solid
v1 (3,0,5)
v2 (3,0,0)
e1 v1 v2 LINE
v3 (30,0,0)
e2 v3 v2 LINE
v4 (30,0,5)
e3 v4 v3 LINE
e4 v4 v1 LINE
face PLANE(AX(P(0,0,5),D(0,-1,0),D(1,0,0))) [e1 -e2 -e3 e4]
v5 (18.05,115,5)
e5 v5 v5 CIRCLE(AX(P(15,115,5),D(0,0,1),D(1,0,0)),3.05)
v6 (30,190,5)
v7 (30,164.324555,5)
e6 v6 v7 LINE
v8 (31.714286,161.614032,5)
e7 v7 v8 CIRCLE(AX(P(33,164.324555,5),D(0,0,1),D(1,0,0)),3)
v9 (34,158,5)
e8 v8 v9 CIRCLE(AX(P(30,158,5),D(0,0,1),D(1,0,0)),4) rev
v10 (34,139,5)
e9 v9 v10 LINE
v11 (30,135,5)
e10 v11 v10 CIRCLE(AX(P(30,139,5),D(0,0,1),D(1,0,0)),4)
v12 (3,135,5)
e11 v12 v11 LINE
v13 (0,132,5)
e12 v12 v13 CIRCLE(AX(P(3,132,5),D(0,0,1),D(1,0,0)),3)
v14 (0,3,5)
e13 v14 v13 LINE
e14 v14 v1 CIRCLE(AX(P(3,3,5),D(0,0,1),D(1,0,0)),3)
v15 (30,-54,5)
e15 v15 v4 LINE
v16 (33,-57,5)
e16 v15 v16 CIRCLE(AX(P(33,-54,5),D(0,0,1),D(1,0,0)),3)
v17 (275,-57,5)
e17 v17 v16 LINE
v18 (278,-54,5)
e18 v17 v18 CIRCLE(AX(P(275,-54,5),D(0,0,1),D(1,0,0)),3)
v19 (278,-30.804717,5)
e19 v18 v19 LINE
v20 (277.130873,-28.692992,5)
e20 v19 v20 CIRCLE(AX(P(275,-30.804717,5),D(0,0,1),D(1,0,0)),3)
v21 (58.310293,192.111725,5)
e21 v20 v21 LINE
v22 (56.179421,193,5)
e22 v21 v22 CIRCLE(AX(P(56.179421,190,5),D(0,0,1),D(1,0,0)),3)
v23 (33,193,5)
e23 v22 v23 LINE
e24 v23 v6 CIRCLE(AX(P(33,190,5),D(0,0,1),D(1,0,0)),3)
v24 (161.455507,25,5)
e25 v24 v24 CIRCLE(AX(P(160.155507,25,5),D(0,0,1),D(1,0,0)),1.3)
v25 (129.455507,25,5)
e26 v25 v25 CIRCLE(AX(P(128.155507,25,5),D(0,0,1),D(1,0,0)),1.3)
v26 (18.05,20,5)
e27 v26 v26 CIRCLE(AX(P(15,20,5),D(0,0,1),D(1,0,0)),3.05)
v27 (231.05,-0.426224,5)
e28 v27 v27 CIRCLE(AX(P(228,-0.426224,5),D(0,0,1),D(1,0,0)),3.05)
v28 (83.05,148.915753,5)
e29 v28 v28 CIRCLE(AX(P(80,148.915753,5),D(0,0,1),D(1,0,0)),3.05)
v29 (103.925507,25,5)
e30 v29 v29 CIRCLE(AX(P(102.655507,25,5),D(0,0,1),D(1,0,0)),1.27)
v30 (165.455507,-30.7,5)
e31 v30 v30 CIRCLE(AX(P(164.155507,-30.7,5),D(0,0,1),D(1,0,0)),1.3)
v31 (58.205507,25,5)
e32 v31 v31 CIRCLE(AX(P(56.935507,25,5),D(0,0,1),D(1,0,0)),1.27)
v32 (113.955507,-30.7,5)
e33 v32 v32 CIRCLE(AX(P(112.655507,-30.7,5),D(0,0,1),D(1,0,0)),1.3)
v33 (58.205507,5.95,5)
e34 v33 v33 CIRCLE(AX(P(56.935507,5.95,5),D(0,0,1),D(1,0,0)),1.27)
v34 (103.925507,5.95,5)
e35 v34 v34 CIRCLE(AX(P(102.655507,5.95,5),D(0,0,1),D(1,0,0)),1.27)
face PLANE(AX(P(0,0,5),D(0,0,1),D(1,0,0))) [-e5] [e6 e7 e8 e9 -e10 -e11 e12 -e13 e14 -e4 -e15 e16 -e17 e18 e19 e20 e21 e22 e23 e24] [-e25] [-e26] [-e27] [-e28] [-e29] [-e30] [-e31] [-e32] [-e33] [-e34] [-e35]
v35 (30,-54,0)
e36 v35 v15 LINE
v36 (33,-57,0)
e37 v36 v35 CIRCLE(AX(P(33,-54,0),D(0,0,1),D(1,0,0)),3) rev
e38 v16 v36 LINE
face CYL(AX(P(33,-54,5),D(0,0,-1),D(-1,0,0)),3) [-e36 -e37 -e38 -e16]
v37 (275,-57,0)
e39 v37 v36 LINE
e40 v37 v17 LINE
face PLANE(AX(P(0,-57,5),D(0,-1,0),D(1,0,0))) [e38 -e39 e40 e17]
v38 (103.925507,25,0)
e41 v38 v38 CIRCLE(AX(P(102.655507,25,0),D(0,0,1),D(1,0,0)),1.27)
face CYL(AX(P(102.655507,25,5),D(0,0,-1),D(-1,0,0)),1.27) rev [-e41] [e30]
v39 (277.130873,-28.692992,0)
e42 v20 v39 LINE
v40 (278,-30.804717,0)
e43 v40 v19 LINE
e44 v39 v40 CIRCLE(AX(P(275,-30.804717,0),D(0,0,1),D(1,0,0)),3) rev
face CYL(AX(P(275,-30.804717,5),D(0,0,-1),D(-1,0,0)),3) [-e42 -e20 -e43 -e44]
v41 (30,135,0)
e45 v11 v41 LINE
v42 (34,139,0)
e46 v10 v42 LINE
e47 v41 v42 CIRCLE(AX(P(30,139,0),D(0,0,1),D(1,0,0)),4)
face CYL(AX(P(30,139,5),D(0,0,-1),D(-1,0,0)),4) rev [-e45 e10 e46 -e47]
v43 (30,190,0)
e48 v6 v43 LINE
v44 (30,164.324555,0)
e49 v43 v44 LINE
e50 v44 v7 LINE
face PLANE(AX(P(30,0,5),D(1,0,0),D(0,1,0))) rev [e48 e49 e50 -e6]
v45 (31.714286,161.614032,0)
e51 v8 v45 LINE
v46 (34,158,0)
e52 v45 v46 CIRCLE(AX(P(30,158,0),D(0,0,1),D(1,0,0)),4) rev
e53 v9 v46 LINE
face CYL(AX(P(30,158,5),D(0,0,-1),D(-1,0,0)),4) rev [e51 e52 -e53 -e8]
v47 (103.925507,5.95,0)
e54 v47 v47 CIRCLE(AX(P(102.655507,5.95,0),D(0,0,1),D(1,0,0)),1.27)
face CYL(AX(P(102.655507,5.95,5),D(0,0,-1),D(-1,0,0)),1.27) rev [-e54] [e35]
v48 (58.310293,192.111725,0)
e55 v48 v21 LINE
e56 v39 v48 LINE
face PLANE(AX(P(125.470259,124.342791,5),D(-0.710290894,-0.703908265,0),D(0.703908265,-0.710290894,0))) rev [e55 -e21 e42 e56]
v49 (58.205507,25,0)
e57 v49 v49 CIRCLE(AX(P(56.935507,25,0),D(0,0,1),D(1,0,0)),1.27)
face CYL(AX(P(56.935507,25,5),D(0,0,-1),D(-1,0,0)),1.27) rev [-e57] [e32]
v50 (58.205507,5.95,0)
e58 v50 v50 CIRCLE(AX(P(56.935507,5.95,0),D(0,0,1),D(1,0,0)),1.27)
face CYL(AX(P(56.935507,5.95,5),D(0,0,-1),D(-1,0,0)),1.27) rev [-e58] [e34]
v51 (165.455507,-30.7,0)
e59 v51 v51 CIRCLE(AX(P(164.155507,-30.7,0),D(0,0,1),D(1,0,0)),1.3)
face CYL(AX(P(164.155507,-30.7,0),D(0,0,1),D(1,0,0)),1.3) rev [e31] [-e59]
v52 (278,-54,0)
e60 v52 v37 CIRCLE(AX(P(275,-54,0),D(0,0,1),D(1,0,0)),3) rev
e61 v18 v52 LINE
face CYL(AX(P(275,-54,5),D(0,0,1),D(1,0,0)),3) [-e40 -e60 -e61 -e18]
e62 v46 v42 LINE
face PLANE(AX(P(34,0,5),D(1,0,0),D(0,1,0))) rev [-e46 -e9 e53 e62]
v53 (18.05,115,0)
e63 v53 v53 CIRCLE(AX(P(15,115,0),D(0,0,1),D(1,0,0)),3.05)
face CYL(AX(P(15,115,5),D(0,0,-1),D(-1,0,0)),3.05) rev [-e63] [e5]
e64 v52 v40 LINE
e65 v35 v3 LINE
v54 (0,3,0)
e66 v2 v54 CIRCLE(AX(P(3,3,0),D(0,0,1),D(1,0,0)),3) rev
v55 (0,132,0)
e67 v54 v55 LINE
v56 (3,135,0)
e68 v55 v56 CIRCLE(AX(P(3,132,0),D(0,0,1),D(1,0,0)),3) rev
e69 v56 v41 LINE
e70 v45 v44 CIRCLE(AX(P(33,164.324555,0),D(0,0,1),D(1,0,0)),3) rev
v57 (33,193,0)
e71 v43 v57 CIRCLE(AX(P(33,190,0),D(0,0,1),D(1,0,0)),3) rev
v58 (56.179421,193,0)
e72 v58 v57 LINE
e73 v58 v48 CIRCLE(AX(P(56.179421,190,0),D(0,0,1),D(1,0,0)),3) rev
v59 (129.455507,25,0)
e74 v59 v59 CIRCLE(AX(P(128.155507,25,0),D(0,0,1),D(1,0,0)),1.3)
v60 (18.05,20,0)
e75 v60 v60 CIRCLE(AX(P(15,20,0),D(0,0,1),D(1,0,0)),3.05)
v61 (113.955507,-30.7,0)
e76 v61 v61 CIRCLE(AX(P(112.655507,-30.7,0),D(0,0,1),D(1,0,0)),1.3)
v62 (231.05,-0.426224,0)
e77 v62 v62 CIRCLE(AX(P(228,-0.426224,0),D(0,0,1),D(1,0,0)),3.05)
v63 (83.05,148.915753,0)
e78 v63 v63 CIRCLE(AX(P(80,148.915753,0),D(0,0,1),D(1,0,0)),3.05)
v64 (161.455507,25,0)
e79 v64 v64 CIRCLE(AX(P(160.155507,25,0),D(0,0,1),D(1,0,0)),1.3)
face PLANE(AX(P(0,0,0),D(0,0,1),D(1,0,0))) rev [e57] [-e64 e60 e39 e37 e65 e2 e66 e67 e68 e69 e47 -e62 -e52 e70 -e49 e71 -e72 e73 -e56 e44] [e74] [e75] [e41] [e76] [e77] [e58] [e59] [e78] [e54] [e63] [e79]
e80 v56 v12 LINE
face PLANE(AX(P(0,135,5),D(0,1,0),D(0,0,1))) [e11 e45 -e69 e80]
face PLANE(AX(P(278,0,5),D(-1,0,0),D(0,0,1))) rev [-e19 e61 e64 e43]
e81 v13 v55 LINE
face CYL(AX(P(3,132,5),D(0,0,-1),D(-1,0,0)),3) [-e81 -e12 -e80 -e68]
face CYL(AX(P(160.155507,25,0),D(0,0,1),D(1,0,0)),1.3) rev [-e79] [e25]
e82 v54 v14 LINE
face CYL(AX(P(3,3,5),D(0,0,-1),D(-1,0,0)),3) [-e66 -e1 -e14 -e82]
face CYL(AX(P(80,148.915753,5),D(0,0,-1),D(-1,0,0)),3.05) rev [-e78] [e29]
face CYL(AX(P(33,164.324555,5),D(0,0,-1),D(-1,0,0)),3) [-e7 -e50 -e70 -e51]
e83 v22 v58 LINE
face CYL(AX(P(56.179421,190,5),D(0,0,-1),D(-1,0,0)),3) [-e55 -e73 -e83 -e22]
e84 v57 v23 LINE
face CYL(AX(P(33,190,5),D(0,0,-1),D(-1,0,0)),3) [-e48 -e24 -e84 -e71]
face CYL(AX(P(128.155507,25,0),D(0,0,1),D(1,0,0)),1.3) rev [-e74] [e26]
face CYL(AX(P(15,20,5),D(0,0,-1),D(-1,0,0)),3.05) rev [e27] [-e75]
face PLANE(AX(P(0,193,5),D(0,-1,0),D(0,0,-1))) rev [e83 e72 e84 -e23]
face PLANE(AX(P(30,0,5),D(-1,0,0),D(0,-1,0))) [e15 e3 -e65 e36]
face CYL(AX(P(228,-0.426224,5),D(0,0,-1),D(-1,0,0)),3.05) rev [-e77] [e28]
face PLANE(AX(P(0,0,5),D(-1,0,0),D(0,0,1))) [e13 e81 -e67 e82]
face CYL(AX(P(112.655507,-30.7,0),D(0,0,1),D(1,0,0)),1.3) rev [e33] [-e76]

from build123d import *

# Parameters (mm, degrees)
SKETCH1_R           = 3.05
SKETCH1_R_2         = 1.27
BOSS_EXTRUDE1_DEPTH = 5
FILLET1_R           = 3
SKETCH2_R           = 1.3
CUT_EXTRUDE1_DEPTH  = 339.464178311


with BuildPart() as part:
    # Sketch1 → Boss-Extrude1 (new body)
    with BuildSketch(Plane.XY):
        with BuildLine():
            Line((0, 0), (0, 135))
            Line((0, 135), (30, 135))
            ThreePointArc((30, 135), (32.828427125, 136.171572875), (34, 139))
            Line((34, 139), (34, 158))
            ThreePointArc((34, 158), (32.828427125, 160.828427125), (30, 162))
            Line((30, 162), (30, 193))
            Line((30, 193), (57.43, 193))
            Line((57.43, 193), (278, -29.57))
            Line((278, -29.57), (278, -57))
            Line((278, -57), (30, -57))
            Line((30, -57), (30, 0))
            Line((30, 0), (0, 0))
        make_face()
        with Locations((15, 115)):
            Circle(SKETCH1_R, mode=Mode.SUBTRACT)
        with Locations((15, 20)):
            Circle(SKETCH1_R, mode=Mode.SUBTRACT)
        with Locations((80, 148.915753479)):
            Circle(SKETCH1_R, mode=Mode.SUBTRACT)
        with Locations((228, -0.426224125)):
            Circle(SKETCH1_R, mode=Mode.SUBTRACT)
        with Locations((56.935507079, 25)):
            Circle(SKETCH1_R_2, mode=Mode.SUBTRACT)
        with Locations((102.655507079, 25)):
            Circle(SKETCH1_R_2, mode=Mode.SUBTRACT)
        with Locations((102.655507079, 5.95)):
            Circle(SKETCH1_R_2, mode=Mode.SUBTRACT)
        with Locations((56.935507079, 5.95)):
            Circle(SKETCH1_R_2, mode=Mode.SUBTRACT)
    extrude(amount=BOSS_EXTRUDE1_DEPTH)

    # Fillet1
    fillet1_edges = [part.edges().sort_by_distance(p)[0] for p in [
        (30, 162, 2.5),
        (30, 193, 2.5),
        (57.43, 193, 2.5),
        (278, -29.57, 2.5),
        (278, -57, 2.5),
        (30, -57, 2.5),
        (0, 0, 2.5),
        (0, 135, 2.5),
    ]]
    fillet(fillet1_edges, radius=FILLET1_R)

    # Sketch2 → Cut-Extrude1 (cut, through all)
    with BuildSketch(Plane.XY.offset(5)):
        with Locations((112.655507079, -30.7)):
            Circle(SKETCH2_R)
        with Locations((164.155507079, -30.7)):
            Circle(SKETCH2_R)
        with Locations((128.155507079, 25)):
            Circle(SKETCH2_R)
        with Locations((160.155507079, 25)):
            Circle(SKETCH2_R)
    extrude(amount=-CUT_EXTRUDE1_DEPTH, mode=Mode.SUBTRACT)


solid = part.part
